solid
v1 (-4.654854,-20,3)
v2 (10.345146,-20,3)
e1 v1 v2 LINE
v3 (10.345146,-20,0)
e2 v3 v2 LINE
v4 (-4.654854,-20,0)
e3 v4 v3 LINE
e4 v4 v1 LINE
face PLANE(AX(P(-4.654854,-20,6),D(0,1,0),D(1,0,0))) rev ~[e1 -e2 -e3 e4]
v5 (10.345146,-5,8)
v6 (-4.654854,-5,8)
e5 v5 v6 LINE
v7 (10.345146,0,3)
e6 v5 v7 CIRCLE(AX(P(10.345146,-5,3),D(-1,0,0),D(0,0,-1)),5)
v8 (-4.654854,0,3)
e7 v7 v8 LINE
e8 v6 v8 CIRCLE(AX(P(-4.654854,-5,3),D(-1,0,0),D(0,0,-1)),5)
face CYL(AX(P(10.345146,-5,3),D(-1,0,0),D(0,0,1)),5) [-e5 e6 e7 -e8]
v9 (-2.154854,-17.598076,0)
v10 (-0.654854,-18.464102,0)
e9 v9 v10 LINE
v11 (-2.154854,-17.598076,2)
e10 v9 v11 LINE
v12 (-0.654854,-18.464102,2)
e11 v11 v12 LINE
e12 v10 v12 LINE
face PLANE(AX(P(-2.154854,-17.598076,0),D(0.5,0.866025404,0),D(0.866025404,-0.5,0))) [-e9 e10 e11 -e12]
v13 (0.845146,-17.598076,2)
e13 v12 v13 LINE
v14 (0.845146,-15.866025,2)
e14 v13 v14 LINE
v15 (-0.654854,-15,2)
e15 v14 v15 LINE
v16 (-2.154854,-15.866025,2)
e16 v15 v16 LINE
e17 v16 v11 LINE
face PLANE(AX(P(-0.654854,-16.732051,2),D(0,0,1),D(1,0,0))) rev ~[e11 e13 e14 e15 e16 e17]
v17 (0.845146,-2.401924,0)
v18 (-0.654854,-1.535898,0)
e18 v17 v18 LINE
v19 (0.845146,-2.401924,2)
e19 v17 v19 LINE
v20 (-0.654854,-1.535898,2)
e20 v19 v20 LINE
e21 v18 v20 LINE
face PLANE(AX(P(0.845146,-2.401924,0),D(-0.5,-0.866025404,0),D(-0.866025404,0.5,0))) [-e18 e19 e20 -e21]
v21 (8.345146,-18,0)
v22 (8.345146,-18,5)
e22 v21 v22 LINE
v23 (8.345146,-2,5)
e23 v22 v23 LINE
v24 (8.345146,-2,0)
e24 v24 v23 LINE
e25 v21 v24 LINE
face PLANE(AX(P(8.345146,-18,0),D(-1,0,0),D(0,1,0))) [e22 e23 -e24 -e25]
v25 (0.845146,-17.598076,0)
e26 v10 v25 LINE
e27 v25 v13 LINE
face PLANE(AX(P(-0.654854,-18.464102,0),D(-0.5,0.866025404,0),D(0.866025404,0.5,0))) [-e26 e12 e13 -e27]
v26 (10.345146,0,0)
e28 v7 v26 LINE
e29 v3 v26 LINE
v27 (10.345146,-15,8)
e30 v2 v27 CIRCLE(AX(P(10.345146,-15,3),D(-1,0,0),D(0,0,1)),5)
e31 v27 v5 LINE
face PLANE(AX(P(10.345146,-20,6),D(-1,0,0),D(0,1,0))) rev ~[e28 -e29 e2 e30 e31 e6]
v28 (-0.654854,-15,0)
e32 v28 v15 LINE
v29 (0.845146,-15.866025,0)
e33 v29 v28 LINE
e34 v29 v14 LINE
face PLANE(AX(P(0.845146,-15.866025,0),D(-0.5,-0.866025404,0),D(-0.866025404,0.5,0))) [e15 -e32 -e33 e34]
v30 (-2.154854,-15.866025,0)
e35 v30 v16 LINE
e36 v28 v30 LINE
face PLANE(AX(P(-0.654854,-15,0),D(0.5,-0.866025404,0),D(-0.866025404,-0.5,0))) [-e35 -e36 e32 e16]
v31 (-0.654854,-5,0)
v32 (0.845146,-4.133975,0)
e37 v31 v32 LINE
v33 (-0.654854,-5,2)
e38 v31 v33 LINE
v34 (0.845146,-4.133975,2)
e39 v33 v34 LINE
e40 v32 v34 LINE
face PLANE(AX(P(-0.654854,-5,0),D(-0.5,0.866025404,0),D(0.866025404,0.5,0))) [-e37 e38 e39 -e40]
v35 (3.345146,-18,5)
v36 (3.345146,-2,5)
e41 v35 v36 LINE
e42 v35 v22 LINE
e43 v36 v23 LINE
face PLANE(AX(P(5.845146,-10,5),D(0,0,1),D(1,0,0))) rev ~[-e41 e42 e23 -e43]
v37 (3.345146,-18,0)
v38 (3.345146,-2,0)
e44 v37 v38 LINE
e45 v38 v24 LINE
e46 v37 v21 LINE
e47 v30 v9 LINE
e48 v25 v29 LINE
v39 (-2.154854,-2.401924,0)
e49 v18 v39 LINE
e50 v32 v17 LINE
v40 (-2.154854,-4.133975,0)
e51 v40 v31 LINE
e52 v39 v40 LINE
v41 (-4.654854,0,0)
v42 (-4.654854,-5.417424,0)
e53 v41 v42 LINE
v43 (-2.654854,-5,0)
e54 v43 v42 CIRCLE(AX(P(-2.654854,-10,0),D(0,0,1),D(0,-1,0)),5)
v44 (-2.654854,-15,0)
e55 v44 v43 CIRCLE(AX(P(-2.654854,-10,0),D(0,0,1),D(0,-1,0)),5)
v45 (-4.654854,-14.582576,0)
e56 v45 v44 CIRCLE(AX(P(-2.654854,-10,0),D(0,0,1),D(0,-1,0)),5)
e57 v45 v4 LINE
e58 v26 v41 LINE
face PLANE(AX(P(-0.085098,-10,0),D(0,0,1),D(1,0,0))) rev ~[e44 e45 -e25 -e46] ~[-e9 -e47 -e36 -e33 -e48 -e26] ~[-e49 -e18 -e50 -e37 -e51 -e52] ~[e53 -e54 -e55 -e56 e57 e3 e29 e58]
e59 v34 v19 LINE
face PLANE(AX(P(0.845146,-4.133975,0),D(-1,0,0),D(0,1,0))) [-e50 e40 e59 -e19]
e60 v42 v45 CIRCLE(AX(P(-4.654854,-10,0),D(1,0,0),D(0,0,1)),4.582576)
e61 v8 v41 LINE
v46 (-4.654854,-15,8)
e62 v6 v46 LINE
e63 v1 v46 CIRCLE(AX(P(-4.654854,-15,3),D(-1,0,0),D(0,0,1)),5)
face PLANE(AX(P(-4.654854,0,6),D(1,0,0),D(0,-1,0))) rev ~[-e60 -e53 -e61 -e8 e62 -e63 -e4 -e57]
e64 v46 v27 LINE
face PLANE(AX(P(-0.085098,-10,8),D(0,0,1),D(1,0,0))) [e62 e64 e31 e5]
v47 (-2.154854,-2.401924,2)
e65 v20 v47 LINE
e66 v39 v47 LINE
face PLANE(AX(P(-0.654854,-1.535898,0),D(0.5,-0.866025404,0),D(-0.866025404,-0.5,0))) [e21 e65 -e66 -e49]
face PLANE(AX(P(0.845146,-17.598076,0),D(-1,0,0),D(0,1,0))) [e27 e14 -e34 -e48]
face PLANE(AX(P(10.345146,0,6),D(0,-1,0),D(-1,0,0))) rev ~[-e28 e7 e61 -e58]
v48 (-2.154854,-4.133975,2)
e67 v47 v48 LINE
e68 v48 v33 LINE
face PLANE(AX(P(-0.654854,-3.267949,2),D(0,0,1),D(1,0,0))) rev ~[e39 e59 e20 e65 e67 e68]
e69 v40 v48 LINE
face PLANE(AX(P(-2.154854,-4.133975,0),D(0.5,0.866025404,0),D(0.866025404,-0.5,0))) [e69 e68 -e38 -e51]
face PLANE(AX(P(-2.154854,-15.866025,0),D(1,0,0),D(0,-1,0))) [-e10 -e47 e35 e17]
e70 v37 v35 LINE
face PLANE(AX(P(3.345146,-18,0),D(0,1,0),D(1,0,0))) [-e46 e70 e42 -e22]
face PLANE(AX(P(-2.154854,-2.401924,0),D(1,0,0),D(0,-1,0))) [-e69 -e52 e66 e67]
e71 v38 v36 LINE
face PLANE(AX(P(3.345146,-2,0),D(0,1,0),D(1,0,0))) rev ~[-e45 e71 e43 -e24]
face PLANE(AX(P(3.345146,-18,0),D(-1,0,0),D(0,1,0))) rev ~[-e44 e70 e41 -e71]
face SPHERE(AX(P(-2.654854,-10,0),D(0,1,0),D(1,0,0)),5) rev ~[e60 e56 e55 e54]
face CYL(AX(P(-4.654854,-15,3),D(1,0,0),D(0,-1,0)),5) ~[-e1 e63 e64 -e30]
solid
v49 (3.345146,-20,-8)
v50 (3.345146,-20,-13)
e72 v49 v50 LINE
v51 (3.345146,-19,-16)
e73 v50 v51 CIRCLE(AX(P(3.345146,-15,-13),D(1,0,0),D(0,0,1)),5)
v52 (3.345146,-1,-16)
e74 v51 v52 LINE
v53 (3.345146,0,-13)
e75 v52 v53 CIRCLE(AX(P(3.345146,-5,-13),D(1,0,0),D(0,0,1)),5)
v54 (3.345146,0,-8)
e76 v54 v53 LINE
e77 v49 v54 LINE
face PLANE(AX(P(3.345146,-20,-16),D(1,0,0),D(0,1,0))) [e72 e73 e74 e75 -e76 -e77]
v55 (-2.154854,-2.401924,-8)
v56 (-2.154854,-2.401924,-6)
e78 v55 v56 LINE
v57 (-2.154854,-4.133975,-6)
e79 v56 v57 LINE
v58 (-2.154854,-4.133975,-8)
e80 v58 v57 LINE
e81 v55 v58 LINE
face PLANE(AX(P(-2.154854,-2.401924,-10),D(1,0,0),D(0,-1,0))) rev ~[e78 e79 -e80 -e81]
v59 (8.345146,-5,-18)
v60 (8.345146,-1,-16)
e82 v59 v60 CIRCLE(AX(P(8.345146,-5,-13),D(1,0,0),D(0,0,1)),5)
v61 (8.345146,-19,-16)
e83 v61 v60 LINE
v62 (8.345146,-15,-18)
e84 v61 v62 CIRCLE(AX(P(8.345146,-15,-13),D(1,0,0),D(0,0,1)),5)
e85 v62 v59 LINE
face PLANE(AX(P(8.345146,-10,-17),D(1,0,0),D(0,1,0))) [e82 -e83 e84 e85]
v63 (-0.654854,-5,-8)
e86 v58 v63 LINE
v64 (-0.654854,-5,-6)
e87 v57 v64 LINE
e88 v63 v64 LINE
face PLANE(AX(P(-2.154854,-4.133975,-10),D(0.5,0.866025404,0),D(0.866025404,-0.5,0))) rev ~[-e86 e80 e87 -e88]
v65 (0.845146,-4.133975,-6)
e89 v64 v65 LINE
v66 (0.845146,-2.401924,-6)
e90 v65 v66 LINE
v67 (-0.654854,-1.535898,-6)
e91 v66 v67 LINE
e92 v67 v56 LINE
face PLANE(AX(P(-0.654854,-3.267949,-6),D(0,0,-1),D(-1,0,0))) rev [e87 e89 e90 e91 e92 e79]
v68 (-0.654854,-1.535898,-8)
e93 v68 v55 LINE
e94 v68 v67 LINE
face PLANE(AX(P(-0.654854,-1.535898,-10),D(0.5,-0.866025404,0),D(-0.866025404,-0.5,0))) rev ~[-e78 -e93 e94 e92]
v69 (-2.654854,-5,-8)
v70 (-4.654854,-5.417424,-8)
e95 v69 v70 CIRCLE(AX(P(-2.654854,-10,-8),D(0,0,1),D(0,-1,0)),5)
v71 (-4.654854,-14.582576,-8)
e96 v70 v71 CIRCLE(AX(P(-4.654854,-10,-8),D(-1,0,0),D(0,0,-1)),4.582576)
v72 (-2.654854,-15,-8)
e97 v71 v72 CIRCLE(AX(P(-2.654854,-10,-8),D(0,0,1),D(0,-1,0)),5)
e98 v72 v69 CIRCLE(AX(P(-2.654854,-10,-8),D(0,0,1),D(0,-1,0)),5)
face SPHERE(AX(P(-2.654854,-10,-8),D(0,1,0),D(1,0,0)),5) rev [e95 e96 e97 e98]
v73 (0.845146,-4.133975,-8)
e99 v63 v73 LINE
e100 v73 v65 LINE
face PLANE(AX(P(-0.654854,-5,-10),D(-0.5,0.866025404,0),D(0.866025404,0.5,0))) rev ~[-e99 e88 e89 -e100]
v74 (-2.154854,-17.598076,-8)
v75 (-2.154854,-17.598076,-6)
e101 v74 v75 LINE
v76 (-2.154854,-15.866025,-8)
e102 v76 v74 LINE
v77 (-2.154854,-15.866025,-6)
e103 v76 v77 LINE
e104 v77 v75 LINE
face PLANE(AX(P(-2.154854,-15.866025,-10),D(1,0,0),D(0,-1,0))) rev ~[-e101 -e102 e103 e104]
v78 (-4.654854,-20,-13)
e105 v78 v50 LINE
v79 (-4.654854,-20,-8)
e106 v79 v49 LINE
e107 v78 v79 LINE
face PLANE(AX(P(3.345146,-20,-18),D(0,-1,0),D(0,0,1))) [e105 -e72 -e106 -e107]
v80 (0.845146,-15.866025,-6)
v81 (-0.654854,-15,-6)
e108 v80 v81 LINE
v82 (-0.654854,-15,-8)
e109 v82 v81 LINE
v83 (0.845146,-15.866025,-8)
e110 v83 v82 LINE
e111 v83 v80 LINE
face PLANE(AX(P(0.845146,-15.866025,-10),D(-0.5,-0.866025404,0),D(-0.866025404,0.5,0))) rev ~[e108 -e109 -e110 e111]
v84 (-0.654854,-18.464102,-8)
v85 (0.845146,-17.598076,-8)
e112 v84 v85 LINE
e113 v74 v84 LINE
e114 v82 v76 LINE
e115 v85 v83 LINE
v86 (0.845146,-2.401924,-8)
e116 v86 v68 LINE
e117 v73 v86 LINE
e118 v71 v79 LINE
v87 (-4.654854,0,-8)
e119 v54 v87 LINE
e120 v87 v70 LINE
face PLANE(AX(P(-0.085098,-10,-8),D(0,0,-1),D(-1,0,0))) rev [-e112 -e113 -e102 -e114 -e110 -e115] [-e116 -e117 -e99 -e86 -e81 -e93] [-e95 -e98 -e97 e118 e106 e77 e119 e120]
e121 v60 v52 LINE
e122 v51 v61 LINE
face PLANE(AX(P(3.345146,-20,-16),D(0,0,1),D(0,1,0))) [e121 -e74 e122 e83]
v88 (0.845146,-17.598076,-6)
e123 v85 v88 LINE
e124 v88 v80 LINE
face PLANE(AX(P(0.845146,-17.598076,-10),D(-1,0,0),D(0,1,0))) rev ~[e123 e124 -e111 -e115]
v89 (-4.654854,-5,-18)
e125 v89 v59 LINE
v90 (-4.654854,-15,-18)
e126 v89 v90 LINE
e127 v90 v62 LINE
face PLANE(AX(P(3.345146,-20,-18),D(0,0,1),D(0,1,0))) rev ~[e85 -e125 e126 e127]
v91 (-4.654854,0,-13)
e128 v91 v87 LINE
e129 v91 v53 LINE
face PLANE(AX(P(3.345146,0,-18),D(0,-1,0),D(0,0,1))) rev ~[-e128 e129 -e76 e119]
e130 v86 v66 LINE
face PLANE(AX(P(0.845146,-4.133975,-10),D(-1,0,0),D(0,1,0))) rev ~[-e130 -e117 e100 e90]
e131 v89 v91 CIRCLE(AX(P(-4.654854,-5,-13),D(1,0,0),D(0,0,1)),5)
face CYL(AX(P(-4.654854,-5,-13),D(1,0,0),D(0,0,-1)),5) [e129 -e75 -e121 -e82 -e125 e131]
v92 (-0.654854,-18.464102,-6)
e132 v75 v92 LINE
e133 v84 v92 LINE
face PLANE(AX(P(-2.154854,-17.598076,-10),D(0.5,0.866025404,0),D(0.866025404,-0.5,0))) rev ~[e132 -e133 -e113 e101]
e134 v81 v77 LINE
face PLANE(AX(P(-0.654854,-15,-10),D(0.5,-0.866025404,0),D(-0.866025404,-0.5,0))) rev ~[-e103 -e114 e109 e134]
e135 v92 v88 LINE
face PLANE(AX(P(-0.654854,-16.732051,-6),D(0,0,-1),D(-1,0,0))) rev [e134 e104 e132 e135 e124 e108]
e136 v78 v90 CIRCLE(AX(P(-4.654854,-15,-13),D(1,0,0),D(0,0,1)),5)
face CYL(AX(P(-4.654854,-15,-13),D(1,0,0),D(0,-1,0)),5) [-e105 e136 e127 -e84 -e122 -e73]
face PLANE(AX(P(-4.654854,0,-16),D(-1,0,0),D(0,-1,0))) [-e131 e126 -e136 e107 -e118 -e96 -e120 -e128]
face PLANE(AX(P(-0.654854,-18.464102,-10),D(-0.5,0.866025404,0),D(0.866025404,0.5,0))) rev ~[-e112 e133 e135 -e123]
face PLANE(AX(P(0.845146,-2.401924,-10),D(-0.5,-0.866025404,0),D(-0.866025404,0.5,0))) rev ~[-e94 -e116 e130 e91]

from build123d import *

# Parameters (mm, degrees)
F0_W      = 5
F0_H      = 2
F0_H_2    = 16
F1_DEPTH  = 6
F2_DEPTH  = 5
F4_DEPTH  = 2
F7_W      = 7
F7_H      = 20
F8_DEPTH  = 6.001
F9_DEPTH  = 4
F10_DEPTH = 2
F11_DEPTH = 2
F12_W     = 20
F12_H     = 2
F13_DEPTH = 5
F14_DEPTH = 2
F15_R     = 5
F15_2_R   = 5


with BuildPart() as f1:
    # F0 (on Top) → F1 (new body)
    with BuildSketch(Plane.XY):
        with BuildLine():
            Line((3.3451463953, 0), (-4.6548536047, 0))
            Line((-4.6548536047, 0), (-4.6548536047, -5.417424305))
            ThreePointArc((-4.6548536047, -5.417424305), (-3.6764018232, -5.1054684353), (-2.6548536047, -5))
            ThreePointArc((-2.6548536047, -5), (2.3451463953, -10), (-2.6548536047, -15))
            ThreePointArc((-2.6548536047, -15), (-3.6764018232, -14.8945315647), (-4.6548536047, -14.582575695))
            Line((-4.6548536047, -14.582575695), (-4.6548536047, -20))
            Line((-4.6548536047, -20), (3.3451463953, -20))
            Line((3.3451463953, -20), (3.3451463953, -18))
            Line((3.3451463953, -18), (3.3451463953, -2))
            Line((3.3451463953, -2), (3.3451463953, 0))
        make_face()
        Polygon((-0.6548536047, -18.4641016151), (-2.1548536047, -17.5980762114), (-2.1548536047, -15.8660254038), (-0.6548536047, -15), (0.8451463953, -15.8660254038), (0.8451463953, -17.5980762114), align=None, mode=Mode.SUBTRACT)
        Polygon((-2.1548536047, -4.1339745962), (-2.1548536047, -2.4019237886), (-0.6548536047, -1.5358983849), (0.8451463953, -2.4019237886), (0.8451463953, -4.1339745962), (-0.6548536047, -5), align=None, mode=Mode.SUBTRACT)
        with Locations((5.8451463953, -1)):
            Rectangle(F0_W, F0_H)
        with BuildLine():
            ThreePointArc((-2.6548536047, -5), (-3.6764018232, -5.1054684353), (-4.6548536047, -5.417424305))
            Line((-4.6548536047, -5.417424305), (-4.6548536047, -14.582575695))
            ThreePointArc((-4.6548536047, -14.582575695), (-3.6764018232, -14.8945315647), (-2.6548536047, -15))
            Line((-2.6548536047, -15), (-2.6548536047, -5))
        make_face()
        Polygon((10.3451463953, 0), (8.3451463953, 0), (8.3451463953, -2), (8.3451463953, -18), (8.3451463953, -20), (10.3451463953, -20), align=None)
        with Locations((5.8451463953, -19)):
            Rectangle(F0_W, F0_H)
        with Locations((5.8451463953, -10)):
            Rectangle(F0_W, F0_H_2)
        with BuildLine():
            ThreePointArc((-2.6548536047, -15), (2.3451463953, -10), (-2.6548536047, -5))
            Line((-2.6548536047, -5), (-2.6548536047, -15))
        make_face()
        Polygon((-2.1548536047, -15.8660254038), (-2.1548536047, -17.5980762114), (-0.6548536047, -18.4641016151), (0.8451463953, -17.5980762114), (0.8451463953, -15.8660254038), (-0.6548536047, -15), align=None)
        Polygon((-0.6548536047, -1.5358983849), (-2.1548536047, -2.4019237886), (-2.1548536047, -4.1339745962), (-0.6548536047, -5), (0.8451463953, -4.1339745962), (0.8451463953, -2.4019237886), align=None)
    extrude(amount=F1_DEPTH)

    # F0 (on Top) → F2 (cut)
    with BuildSketch(Plane.XY):
        with Locations((5.8451463953, -10)):
            Rectangle(F0_W, F0_H_2)
    extrude(amount=F2_DEPTH, mode=Mode.SUBTRACT)

    # F0 (on Top) → F3 (revolve, cut)
    with BuildSketch(Plane.XY):
        with BuildLine():
            ThreePointArc((-2.6548536047, -15), (2.3451463953, -10), (-2.6548536047, -5))
            Line((-2.6548536047, -5), (-2.6548536047, -15))
        make_face()
    revolve(axis=Axis((-2.6548536047, -10, 0), (0, 1, 0)), mode=Mode.SUBTRACT)

    # F0 (on Top) → F4 (cut)
    with BuildSketch(Plane.XY):
        Polygon((-2.1548536047, -15.8660254038), (-2.1548536047, -17.5980762114), (-0.6548536047, -18.4641016151), (0.8451463953, -17.5980762114), (0.8451463953, -15.8660254038), (-0.6548536047, -15), align=None)
        Polygon((-0.6548536047, -1.5358983849), (-2.1548536047, -2.4019237886), (-2.1548536047, -4.1339745962), (-0.6548536047, -5), (0.8451463953, -4.1339745962), (0.8451463953, -2.4019237886), align=None)
    extrude(amount=F4_DEPTH, mode=Mode.SUBTRACT)


with BuildPart() as f6_1:
    # F6: instance of F1
    add(f1.part.mirror(Plane.XY.offset(-4)))

    # F7 (on face) → F8 (cut, through all)
    with BuildSketch(Plane.XY.offset(-8)):
        with Locations((6.8451463953, -10)):
            Rectangle(F7_W, F7_H)
    extrude(amount=-F8_DEPTH, mode=Mode.SUBTRACT)

    # F9 (add): faces of the model
    f9_faces = [f6_1.faces().sort_by_distance(p)[0] for p in [
        (-0.6548536047, -3.2679491924, -10),
        (-0.6548536047, -16.7320508076, -10),
    ]]
    extrude(f9_faces, amount=F9_DEPTH)

    # F10 (add): a face of the model
    f10_faces = [f6_1.faces().sort_by_distance(p)[0] for p in [
        (-0.6548536047, -10, -14),
    ]]
    extrude(f10_faces, amount=F10_DEPTH)

    # F11 (add): a face of the model
    f11_faces = [f6_1.faces().sort_by_distance(p)[0] for p in [
        (-0.6548536047, -10, -16),
    ]]
    extrude(f11_faces, amount=F11_DEPTH)

    # F12 (on face) → F13 (join)
    with BuildSketch(Plane.YZ.offset(3.3451463953)):
        with Locations((-10, -17)):
            Rectangle(F12_W, F12_H)
    extrude(amount=F13_DEPTH)

    # F15#2
    f15_2_edges = [f6_1.edges().sort_by_distance(p)[0] for p in [
        (1.845146, 0, -18),
        (1.845146, -20, -18),
    ]]
    fillet(f15_2_edges, radius=F15_2_R)


with BuildPart() as f1_1:
    add(f1.part)

    # F14 (add): a face of the model
    f14_faces = [f1_1.faces().sort_by_distance(p)[0] for p in [
        (2.8451463953, -10, 6),
    ]]
    extrude(f14_faces, amount=F14_DEPTH)

    # F15
    f15_edges = [f1_1.edges().sort_by_distance(p)[0] for p in [
        (2.845146, -20, 8),
        (2.845146, 0, 8),
    ]]
    fillet(f15_edges, radius=F15_R)


solid = Compound([f6_1.part, f1_1.part])
